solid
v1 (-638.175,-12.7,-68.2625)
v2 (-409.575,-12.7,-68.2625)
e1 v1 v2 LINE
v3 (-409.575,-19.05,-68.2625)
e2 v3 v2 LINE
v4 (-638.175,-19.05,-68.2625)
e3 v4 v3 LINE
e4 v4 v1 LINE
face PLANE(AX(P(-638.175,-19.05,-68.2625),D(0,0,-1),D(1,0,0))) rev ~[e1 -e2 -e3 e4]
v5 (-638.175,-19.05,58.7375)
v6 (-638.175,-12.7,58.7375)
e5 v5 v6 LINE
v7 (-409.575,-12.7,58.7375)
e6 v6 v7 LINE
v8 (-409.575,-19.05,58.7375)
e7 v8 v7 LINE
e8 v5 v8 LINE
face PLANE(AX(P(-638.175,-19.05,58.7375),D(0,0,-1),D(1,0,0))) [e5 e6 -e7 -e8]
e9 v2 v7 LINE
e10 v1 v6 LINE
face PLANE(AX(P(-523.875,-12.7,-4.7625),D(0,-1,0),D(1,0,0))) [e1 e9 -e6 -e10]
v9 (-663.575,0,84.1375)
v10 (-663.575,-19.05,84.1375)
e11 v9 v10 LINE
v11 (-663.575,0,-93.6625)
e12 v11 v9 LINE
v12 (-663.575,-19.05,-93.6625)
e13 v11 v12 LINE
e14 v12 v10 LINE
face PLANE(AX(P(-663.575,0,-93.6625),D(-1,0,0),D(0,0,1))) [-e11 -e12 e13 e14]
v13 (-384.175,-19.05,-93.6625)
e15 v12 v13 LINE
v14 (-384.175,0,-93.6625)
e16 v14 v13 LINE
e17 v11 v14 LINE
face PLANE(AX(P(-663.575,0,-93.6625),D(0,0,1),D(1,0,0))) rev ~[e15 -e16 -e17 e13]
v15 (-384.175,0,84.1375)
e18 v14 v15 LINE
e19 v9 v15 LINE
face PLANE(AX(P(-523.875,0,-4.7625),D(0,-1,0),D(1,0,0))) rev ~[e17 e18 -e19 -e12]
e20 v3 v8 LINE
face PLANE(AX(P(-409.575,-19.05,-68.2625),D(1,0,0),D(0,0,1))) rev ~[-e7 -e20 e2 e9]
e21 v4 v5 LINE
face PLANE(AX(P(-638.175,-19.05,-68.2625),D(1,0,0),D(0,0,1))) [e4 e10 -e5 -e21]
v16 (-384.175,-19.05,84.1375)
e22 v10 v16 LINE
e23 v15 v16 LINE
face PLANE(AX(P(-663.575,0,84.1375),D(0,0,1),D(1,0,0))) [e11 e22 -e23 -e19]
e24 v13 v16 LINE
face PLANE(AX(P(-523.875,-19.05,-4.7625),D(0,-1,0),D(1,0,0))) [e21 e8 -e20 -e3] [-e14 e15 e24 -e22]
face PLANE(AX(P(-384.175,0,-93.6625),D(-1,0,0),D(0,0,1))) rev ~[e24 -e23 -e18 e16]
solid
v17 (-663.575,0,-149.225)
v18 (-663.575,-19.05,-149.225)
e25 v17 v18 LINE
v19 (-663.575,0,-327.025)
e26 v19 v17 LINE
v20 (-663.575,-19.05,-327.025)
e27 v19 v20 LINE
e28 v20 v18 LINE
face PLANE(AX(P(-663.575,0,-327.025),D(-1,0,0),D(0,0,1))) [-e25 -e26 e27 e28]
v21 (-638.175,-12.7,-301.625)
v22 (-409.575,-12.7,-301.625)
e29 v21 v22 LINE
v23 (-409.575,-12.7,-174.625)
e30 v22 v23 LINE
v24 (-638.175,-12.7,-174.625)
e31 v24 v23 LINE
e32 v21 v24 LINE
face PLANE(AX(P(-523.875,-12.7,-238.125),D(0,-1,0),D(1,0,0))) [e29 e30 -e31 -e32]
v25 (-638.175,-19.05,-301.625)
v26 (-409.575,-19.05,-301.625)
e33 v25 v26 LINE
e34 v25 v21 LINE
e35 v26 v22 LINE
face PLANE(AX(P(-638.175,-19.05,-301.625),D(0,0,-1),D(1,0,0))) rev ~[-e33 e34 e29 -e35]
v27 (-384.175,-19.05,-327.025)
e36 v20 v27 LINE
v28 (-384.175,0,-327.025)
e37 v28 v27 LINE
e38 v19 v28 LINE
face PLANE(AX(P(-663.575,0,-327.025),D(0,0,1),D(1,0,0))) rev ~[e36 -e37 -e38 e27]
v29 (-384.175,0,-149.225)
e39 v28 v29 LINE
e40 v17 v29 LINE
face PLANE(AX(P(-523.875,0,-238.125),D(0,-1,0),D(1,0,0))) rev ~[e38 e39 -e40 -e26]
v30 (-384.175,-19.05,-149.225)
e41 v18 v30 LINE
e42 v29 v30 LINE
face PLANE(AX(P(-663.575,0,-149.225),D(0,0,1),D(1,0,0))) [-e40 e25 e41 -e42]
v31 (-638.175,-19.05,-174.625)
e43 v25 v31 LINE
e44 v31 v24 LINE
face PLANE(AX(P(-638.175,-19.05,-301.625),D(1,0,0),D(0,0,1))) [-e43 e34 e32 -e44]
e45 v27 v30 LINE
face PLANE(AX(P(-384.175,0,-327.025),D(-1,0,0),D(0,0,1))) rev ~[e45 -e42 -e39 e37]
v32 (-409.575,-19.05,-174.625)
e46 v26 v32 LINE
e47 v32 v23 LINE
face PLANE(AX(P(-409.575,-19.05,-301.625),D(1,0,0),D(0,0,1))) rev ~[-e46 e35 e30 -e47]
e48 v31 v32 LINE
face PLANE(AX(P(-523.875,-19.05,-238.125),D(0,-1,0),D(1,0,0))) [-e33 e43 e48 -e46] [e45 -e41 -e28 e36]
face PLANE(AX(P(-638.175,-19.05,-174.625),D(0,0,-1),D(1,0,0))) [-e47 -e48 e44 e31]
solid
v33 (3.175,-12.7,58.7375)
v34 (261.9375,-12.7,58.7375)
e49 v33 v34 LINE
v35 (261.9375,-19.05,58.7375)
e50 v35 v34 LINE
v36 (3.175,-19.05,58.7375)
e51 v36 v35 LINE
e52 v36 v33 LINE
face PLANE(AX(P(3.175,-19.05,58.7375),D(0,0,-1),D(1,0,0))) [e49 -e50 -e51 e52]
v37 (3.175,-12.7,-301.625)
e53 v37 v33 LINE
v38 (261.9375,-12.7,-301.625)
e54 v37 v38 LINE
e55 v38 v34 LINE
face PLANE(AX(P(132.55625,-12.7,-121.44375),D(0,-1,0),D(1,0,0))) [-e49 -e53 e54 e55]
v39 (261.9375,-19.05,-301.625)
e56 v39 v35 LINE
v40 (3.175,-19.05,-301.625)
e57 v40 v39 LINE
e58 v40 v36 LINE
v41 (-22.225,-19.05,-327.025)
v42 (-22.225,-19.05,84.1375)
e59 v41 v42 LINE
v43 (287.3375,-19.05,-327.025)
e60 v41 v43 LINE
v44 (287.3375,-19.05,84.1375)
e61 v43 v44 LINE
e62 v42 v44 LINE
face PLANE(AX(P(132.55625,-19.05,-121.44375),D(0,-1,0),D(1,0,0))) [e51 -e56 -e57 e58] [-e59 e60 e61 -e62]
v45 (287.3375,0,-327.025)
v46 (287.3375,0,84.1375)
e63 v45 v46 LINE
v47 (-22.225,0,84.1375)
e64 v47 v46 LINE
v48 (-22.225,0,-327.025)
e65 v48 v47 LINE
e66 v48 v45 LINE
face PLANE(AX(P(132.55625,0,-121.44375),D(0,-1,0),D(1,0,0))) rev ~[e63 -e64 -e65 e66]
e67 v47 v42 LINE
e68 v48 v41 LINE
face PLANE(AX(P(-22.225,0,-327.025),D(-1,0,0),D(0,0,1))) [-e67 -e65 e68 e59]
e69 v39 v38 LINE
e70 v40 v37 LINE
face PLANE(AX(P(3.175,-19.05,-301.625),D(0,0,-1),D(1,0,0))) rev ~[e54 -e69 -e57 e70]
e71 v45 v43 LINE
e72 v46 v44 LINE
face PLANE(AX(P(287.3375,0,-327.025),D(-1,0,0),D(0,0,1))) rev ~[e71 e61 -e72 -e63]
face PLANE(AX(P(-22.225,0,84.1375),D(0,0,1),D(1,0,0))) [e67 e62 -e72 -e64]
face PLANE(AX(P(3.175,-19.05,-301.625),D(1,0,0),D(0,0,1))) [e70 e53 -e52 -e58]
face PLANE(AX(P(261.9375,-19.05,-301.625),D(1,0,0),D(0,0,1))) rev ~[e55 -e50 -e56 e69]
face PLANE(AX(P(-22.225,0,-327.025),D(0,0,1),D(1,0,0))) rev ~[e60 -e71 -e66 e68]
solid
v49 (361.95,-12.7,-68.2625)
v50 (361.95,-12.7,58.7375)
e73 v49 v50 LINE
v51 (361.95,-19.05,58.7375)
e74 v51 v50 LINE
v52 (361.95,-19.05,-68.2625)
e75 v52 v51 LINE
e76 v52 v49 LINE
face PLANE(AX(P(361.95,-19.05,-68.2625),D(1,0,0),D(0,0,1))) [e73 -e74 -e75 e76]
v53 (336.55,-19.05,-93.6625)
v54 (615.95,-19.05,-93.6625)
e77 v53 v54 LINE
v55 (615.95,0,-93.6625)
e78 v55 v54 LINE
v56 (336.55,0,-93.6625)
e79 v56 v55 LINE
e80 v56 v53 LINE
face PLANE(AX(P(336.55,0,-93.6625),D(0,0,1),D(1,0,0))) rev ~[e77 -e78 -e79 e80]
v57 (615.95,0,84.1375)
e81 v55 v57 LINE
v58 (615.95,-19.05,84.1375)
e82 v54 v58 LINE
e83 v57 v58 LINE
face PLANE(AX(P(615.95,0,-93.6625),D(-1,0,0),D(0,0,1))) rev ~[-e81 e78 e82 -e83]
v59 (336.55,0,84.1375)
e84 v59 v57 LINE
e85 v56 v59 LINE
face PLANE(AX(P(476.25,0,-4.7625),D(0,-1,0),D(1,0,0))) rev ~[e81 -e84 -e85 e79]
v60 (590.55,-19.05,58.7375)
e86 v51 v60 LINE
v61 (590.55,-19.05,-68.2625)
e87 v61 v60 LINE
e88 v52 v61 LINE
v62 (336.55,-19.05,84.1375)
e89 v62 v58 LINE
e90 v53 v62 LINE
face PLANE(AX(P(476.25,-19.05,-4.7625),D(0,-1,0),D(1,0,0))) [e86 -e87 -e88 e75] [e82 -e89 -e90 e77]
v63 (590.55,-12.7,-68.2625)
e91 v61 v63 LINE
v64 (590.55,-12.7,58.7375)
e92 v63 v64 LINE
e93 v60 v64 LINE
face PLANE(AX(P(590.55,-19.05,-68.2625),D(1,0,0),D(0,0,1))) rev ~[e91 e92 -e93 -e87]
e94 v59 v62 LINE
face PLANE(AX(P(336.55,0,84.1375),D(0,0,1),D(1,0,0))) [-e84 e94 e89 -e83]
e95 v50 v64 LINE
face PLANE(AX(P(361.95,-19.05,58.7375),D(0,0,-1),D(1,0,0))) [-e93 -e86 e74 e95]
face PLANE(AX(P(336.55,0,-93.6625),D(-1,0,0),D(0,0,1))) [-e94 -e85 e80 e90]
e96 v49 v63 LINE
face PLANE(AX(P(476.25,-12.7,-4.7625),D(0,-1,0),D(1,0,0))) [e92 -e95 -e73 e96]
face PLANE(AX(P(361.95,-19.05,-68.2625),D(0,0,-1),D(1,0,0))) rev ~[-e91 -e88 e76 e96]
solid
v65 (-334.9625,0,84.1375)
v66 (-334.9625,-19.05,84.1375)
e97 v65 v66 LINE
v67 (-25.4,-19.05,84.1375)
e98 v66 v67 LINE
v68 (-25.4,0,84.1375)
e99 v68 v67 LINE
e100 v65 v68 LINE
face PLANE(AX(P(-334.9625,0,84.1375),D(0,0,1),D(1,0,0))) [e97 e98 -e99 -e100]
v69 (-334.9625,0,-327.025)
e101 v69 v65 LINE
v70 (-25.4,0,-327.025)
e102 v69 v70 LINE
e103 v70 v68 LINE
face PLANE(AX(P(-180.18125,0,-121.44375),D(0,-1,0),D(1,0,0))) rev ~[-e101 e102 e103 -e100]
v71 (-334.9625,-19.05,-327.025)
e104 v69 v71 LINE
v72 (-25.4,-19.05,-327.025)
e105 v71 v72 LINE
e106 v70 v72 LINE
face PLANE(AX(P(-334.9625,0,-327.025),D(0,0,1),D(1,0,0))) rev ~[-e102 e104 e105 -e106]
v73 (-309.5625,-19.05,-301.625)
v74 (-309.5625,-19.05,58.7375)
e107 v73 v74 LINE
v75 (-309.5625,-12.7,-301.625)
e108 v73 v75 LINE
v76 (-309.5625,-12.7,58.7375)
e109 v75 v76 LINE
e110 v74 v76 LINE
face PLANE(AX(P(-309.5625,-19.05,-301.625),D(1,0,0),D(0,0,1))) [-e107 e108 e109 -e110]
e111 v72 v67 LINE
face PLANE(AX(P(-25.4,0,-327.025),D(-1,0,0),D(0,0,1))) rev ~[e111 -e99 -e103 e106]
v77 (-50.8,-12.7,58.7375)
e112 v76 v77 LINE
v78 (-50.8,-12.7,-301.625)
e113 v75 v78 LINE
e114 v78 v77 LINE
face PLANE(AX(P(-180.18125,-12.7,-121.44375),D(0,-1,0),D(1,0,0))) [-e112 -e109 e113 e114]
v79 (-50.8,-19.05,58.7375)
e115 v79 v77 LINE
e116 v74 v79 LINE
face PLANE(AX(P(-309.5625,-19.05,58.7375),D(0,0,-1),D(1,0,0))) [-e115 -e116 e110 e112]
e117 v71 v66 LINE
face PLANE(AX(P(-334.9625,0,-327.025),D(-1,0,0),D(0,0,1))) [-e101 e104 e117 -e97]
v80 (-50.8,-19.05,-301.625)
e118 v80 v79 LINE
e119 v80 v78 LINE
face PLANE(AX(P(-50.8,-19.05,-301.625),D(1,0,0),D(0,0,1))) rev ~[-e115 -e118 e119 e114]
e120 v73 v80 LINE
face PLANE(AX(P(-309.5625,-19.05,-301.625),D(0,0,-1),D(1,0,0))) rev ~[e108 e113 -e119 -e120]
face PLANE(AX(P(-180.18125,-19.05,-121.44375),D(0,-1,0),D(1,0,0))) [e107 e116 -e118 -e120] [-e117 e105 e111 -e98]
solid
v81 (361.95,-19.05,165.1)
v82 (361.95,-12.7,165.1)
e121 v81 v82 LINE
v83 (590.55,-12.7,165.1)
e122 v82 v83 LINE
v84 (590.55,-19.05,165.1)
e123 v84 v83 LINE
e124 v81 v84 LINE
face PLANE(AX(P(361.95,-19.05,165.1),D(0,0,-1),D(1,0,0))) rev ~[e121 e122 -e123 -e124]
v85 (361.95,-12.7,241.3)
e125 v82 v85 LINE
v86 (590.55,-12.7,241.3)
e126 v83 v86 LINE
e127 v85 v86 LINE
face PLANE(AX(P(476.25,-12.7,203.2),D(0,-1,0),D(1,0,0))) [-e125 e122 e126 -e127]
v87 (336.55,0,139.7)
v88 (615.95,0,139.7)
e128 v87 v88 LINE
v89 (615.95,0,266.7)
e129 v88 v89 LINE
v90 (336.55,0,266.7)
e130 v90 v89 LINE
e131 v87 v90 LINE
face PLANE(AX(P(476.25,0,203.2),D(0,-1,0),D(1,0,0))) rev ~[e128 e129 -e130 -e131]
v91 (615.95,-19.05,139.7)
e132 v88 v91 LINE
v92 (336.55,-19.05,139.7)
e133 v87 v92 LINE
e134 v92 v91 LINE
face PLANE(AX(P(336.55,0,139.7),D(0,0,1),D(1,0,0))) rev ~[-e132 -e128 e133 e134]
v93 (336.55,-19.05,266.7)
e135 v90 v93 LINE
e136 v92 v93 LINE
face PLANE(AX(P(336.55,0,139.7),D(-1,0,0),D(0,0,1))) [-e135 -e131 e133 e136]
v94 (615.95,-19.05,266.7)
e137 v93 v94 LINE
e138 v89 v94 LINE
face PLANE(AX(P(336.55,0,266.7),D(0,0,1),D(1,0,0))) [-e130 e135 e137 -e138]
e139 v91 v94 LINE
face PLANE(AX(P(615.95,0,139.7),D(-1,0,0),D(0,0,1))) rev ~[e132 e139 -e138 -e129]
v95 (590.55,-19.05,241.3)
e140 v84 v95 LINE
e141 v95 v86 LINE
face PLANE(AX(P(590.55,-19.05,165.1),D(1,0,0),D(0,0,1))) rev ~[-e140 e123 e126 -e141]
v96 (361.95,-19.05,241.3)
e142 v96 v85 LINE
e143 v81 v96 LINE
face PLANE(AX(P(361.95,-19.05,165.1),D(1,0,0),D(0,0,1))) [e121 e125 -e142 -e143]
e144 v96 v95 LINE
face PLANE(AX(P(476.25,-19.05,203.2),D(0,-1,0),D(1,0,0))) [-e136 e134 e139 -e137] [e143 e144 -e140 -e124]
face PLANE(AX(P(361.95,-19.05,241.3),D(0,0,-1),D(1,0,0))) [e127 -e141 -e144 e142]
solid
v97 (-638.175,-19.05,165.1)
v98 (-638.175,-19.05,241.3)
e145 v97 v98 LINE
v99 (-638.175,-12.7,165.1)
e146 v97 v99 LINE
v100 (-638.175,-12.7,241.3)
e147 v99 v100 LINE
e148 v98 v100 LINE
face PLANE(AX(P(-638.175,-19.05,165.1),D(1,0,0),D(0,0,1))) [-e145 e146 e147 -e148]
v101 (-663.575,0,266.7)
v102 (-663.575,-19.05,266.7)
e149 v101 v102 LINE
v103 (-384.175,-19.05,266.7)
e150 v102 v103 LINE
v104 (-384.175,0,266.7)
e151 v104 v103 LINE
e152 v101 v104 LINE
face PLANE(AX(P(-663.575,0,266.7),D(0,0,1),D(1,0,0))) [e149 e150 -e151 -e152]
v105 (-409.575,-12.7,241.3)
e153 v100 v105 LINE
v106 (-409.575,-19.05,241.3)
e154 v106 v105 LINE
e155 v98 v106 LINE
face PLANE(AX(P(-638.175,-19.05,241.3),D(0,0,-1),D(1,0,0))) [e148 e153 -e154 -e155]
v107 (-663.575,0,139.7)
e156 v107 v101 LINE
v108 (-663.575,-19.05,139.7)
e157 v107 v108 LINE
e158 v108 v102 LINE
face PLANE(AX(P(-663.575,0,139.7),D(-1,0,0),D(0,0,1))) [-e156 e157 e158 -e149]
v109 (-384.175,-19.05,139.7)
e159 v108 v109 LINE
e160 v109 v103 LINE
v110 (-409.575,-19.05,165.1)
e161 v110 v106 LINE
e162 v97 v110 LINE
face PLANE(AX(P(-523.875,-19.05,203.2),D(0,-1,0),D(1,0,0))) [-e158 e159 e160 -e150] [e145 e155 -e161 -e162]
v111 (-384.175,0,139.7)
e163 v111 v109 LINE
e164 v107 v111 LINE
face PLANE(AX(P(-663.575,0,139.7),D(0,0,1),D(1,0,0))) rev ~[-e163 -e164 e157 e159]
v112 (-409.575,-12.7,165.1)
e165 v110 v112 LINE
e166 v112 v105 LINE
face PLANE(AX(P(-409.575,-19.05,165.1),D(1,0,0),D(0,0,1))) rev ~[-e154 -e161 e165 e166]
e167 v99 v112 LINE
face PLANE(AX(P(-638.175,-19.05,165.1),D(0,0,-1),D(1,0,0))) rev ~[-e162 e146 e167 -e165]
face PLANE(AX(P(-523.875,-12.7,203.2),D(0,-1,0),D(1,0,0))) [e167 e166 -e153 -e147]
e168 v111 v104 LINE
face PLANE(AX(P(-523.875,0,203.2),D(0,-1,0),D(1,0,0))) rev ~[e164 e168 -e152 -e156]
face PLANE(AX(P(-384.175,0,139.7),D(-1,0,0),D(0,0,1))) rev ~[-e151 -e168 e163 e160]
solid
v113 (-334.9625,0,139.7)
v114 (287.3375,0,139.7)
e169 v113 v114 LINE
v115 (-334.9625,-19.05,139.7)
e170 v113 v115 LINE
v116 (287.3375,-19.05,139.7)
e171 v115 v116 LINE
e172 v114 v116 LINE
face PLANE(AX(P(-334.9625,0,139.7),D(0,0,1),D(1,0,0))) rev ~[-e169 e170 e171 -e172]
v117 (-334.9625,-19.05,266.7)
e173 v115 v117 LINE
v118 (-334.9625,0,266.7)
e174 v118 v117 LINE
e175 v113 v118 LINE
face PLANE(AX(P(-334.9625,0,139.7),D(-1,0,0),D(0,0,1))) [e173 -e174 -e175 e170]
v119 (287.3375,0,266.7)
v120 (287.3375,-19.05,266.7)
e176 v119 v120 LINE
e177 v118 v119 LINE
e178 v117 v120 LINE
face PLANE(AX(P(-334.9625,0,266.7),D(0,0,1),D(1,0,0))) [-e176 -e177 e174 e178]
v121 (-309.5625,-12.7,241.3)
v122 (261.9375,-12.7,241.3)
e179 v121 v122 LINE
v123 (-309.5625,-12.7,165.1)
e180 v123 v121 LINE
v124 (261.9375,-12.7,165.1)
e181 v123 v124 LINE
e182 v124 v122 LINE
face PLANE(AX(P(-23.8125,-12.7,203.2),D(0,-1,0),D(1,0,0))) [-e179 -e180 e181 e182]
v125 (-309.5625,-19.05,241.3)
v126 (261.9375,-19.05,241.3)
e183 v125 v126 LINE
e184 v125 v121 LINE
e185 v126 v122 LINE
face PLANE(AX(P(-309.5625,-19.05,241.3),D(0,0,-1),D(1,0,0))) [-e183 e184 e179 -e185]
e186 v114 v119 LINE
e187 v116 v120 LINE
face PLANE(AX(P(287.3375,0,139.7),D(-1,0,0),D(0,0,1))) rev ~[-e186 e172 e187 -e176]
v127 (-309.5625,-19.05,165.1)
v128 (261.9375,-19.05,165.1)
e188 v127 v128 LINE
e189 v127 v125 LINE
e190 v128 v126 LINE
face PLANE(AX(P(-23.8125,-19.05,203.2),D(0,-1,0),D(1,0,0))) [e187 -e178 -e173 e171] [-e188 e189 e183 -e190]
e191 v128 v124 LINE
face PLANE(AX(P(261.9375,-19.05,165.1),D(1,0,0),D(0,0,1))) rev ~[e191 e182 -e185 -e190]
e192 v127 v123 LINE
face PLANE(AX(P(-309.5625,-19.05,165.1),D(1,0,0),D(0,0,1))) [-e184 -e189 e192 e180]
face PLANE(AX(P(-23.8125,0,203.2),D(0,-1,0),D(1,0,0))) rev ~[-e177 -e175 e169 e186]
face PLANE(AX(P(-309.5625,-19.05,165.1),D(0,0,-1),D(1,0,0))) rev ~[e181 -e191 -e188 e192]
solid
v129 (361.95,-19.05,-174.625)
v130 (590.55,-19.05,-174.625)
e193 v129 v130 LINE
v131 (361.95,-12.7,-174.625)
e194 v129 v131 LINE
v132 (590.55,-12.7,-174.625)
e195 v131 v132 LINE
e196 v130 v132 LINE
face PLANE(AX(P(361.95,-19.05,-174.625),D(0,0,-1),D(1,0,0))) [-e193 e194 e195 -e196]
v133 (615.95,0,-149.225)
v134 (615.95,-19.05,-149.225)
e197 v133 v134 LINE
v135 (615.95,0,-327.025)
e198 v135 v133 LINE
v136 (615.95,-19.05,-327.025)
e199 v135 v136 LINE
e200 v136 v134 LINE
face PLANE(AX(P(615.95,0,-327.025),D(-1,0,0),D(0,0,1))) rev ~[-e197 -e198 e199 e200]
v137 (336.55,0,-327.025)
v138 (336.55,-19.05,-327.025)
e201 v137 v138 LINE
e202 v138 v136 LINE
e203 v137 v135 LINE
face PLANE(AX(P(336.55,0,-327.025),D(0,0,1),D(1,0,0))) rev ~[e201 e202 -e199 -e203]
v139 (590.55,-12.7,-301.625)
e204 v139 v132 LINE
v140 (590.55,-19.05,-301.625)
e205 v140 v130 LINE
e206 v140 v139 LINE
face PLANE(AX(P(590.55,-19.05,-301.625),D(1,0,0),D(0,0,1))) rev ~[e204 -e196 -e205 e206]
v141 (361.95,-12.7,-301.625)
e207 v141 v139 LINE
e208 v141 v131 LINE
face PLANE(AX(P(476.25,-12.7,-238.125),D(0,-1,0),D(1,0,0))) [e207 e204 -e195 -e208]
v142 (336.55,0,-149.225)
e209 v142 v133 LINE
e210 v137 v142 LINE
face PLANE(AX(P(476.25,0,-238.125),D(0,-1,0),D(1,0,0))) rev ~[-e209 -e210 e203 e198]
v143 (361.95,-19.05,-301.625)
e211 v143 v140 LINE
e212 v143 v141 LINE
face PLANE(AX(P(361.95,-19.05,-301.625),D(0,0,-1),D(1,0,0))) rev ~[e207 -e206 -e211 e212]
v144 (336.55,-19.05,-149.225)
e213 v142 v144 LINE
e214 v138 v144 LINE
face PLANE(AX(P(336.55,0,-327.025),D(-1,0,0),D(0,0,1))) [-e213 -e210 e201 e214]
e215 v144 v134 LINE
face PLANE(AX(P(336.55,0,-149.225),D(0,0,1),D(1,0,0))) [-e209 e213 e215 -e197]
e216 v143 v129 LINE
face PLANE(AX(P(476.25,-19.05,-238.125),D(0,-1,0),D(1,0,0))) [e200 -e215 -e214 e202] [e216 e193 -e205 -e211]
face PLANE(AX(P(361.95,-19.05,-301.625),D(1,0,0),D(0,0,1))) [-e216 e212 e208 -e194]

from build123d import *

# Parameters (mm, degrees)
F0_W     = 279.4
F0_H     = 127
F0_W_2   = 622.3
F0_H_2   = 177.8
F0_W_3   = 309.5625
F0_H_3   = 411.1625
F1_DEPTH = 19.05
F2_W     = 228.6
F2_H     = 76.2
F2_H_2   = 127
F2_W_2   = 258.7625
F2_H_3   = 360.3625
F2_W_3   = 571.5
F3_DEPTH = 6.35


with BuildPart() as f1:
    # F0 (on Front) → F1 (new body)
    with BuildSketch(Plane.XZ):
        with Locations((-523.875, 203.2)):
            Rectangle(F0_W, F0_H)
        with Locations((-23.8125, 203.2)):
            Rectangle(F0_W_2, F0_H)
        with Locations((476.25, 203.2)):
            Rectangle(F0_W, F0_H)
        with Locations((476.25, -4.7625)):
            Rectangle(F0_W, F0_H_2)
        with Locations((476.25, -238.125)):
            Rectangle(F0_W, F0_H_2)
        with Locations((132.55625, -121.44375)):
            Rectangle(F0_W_3, F0_H_3)
        with Locations((-180.18125, -121.44375)):
            Rectangle(F0_W_3, F0_H_3)
        with Locations((-523.875, -4.7625)):
            Rectangle(F0_W, F0_H_2)
        with Locations((-523.875, -238.125)):
            Rectangle(F0_W, F0_H_2)
    extrude(amount=F1_DEPTH)

    # F2 (on face) → F3 (cut)
    with BuildSketch(Plane.XZ.offset(19.05)):
        with Locations((-523.875, 203.2)):
            Rectangle(F2_W, F2_H)
        with Locations((-523.875, -4.7625)):
            Rectangle(F2_W, F2_H_2)
        with Locations((-523.875, -238.125)):
            Rectangle(F2_W, F2_H_2)
        with Locations((-180.18125, -121.44375)):
            Rectangle(F2_W_2, F2_H_3)
        with Locations((-23.8125, 203.2)):
            Rectangle(F2_W_3, F2_H)
        with Locations((132.55625, -121.44375)):
            Rectangle(F2_W_2, F2_H_3)
        with Locations((476.25, 203.2)):
            Rectangle(F2_W, F2_H)
        with Locations((476.25, -4.7625)):
            Rectangle(F2_W, F2_H_2)
        with Locations((476.25, -238.125)):
            Rectangle(F2_W, F2_H_2)
    extrude(amount=-F3_DEPTH, mode=Mode.SUBTRACT)


solid = f1.part
